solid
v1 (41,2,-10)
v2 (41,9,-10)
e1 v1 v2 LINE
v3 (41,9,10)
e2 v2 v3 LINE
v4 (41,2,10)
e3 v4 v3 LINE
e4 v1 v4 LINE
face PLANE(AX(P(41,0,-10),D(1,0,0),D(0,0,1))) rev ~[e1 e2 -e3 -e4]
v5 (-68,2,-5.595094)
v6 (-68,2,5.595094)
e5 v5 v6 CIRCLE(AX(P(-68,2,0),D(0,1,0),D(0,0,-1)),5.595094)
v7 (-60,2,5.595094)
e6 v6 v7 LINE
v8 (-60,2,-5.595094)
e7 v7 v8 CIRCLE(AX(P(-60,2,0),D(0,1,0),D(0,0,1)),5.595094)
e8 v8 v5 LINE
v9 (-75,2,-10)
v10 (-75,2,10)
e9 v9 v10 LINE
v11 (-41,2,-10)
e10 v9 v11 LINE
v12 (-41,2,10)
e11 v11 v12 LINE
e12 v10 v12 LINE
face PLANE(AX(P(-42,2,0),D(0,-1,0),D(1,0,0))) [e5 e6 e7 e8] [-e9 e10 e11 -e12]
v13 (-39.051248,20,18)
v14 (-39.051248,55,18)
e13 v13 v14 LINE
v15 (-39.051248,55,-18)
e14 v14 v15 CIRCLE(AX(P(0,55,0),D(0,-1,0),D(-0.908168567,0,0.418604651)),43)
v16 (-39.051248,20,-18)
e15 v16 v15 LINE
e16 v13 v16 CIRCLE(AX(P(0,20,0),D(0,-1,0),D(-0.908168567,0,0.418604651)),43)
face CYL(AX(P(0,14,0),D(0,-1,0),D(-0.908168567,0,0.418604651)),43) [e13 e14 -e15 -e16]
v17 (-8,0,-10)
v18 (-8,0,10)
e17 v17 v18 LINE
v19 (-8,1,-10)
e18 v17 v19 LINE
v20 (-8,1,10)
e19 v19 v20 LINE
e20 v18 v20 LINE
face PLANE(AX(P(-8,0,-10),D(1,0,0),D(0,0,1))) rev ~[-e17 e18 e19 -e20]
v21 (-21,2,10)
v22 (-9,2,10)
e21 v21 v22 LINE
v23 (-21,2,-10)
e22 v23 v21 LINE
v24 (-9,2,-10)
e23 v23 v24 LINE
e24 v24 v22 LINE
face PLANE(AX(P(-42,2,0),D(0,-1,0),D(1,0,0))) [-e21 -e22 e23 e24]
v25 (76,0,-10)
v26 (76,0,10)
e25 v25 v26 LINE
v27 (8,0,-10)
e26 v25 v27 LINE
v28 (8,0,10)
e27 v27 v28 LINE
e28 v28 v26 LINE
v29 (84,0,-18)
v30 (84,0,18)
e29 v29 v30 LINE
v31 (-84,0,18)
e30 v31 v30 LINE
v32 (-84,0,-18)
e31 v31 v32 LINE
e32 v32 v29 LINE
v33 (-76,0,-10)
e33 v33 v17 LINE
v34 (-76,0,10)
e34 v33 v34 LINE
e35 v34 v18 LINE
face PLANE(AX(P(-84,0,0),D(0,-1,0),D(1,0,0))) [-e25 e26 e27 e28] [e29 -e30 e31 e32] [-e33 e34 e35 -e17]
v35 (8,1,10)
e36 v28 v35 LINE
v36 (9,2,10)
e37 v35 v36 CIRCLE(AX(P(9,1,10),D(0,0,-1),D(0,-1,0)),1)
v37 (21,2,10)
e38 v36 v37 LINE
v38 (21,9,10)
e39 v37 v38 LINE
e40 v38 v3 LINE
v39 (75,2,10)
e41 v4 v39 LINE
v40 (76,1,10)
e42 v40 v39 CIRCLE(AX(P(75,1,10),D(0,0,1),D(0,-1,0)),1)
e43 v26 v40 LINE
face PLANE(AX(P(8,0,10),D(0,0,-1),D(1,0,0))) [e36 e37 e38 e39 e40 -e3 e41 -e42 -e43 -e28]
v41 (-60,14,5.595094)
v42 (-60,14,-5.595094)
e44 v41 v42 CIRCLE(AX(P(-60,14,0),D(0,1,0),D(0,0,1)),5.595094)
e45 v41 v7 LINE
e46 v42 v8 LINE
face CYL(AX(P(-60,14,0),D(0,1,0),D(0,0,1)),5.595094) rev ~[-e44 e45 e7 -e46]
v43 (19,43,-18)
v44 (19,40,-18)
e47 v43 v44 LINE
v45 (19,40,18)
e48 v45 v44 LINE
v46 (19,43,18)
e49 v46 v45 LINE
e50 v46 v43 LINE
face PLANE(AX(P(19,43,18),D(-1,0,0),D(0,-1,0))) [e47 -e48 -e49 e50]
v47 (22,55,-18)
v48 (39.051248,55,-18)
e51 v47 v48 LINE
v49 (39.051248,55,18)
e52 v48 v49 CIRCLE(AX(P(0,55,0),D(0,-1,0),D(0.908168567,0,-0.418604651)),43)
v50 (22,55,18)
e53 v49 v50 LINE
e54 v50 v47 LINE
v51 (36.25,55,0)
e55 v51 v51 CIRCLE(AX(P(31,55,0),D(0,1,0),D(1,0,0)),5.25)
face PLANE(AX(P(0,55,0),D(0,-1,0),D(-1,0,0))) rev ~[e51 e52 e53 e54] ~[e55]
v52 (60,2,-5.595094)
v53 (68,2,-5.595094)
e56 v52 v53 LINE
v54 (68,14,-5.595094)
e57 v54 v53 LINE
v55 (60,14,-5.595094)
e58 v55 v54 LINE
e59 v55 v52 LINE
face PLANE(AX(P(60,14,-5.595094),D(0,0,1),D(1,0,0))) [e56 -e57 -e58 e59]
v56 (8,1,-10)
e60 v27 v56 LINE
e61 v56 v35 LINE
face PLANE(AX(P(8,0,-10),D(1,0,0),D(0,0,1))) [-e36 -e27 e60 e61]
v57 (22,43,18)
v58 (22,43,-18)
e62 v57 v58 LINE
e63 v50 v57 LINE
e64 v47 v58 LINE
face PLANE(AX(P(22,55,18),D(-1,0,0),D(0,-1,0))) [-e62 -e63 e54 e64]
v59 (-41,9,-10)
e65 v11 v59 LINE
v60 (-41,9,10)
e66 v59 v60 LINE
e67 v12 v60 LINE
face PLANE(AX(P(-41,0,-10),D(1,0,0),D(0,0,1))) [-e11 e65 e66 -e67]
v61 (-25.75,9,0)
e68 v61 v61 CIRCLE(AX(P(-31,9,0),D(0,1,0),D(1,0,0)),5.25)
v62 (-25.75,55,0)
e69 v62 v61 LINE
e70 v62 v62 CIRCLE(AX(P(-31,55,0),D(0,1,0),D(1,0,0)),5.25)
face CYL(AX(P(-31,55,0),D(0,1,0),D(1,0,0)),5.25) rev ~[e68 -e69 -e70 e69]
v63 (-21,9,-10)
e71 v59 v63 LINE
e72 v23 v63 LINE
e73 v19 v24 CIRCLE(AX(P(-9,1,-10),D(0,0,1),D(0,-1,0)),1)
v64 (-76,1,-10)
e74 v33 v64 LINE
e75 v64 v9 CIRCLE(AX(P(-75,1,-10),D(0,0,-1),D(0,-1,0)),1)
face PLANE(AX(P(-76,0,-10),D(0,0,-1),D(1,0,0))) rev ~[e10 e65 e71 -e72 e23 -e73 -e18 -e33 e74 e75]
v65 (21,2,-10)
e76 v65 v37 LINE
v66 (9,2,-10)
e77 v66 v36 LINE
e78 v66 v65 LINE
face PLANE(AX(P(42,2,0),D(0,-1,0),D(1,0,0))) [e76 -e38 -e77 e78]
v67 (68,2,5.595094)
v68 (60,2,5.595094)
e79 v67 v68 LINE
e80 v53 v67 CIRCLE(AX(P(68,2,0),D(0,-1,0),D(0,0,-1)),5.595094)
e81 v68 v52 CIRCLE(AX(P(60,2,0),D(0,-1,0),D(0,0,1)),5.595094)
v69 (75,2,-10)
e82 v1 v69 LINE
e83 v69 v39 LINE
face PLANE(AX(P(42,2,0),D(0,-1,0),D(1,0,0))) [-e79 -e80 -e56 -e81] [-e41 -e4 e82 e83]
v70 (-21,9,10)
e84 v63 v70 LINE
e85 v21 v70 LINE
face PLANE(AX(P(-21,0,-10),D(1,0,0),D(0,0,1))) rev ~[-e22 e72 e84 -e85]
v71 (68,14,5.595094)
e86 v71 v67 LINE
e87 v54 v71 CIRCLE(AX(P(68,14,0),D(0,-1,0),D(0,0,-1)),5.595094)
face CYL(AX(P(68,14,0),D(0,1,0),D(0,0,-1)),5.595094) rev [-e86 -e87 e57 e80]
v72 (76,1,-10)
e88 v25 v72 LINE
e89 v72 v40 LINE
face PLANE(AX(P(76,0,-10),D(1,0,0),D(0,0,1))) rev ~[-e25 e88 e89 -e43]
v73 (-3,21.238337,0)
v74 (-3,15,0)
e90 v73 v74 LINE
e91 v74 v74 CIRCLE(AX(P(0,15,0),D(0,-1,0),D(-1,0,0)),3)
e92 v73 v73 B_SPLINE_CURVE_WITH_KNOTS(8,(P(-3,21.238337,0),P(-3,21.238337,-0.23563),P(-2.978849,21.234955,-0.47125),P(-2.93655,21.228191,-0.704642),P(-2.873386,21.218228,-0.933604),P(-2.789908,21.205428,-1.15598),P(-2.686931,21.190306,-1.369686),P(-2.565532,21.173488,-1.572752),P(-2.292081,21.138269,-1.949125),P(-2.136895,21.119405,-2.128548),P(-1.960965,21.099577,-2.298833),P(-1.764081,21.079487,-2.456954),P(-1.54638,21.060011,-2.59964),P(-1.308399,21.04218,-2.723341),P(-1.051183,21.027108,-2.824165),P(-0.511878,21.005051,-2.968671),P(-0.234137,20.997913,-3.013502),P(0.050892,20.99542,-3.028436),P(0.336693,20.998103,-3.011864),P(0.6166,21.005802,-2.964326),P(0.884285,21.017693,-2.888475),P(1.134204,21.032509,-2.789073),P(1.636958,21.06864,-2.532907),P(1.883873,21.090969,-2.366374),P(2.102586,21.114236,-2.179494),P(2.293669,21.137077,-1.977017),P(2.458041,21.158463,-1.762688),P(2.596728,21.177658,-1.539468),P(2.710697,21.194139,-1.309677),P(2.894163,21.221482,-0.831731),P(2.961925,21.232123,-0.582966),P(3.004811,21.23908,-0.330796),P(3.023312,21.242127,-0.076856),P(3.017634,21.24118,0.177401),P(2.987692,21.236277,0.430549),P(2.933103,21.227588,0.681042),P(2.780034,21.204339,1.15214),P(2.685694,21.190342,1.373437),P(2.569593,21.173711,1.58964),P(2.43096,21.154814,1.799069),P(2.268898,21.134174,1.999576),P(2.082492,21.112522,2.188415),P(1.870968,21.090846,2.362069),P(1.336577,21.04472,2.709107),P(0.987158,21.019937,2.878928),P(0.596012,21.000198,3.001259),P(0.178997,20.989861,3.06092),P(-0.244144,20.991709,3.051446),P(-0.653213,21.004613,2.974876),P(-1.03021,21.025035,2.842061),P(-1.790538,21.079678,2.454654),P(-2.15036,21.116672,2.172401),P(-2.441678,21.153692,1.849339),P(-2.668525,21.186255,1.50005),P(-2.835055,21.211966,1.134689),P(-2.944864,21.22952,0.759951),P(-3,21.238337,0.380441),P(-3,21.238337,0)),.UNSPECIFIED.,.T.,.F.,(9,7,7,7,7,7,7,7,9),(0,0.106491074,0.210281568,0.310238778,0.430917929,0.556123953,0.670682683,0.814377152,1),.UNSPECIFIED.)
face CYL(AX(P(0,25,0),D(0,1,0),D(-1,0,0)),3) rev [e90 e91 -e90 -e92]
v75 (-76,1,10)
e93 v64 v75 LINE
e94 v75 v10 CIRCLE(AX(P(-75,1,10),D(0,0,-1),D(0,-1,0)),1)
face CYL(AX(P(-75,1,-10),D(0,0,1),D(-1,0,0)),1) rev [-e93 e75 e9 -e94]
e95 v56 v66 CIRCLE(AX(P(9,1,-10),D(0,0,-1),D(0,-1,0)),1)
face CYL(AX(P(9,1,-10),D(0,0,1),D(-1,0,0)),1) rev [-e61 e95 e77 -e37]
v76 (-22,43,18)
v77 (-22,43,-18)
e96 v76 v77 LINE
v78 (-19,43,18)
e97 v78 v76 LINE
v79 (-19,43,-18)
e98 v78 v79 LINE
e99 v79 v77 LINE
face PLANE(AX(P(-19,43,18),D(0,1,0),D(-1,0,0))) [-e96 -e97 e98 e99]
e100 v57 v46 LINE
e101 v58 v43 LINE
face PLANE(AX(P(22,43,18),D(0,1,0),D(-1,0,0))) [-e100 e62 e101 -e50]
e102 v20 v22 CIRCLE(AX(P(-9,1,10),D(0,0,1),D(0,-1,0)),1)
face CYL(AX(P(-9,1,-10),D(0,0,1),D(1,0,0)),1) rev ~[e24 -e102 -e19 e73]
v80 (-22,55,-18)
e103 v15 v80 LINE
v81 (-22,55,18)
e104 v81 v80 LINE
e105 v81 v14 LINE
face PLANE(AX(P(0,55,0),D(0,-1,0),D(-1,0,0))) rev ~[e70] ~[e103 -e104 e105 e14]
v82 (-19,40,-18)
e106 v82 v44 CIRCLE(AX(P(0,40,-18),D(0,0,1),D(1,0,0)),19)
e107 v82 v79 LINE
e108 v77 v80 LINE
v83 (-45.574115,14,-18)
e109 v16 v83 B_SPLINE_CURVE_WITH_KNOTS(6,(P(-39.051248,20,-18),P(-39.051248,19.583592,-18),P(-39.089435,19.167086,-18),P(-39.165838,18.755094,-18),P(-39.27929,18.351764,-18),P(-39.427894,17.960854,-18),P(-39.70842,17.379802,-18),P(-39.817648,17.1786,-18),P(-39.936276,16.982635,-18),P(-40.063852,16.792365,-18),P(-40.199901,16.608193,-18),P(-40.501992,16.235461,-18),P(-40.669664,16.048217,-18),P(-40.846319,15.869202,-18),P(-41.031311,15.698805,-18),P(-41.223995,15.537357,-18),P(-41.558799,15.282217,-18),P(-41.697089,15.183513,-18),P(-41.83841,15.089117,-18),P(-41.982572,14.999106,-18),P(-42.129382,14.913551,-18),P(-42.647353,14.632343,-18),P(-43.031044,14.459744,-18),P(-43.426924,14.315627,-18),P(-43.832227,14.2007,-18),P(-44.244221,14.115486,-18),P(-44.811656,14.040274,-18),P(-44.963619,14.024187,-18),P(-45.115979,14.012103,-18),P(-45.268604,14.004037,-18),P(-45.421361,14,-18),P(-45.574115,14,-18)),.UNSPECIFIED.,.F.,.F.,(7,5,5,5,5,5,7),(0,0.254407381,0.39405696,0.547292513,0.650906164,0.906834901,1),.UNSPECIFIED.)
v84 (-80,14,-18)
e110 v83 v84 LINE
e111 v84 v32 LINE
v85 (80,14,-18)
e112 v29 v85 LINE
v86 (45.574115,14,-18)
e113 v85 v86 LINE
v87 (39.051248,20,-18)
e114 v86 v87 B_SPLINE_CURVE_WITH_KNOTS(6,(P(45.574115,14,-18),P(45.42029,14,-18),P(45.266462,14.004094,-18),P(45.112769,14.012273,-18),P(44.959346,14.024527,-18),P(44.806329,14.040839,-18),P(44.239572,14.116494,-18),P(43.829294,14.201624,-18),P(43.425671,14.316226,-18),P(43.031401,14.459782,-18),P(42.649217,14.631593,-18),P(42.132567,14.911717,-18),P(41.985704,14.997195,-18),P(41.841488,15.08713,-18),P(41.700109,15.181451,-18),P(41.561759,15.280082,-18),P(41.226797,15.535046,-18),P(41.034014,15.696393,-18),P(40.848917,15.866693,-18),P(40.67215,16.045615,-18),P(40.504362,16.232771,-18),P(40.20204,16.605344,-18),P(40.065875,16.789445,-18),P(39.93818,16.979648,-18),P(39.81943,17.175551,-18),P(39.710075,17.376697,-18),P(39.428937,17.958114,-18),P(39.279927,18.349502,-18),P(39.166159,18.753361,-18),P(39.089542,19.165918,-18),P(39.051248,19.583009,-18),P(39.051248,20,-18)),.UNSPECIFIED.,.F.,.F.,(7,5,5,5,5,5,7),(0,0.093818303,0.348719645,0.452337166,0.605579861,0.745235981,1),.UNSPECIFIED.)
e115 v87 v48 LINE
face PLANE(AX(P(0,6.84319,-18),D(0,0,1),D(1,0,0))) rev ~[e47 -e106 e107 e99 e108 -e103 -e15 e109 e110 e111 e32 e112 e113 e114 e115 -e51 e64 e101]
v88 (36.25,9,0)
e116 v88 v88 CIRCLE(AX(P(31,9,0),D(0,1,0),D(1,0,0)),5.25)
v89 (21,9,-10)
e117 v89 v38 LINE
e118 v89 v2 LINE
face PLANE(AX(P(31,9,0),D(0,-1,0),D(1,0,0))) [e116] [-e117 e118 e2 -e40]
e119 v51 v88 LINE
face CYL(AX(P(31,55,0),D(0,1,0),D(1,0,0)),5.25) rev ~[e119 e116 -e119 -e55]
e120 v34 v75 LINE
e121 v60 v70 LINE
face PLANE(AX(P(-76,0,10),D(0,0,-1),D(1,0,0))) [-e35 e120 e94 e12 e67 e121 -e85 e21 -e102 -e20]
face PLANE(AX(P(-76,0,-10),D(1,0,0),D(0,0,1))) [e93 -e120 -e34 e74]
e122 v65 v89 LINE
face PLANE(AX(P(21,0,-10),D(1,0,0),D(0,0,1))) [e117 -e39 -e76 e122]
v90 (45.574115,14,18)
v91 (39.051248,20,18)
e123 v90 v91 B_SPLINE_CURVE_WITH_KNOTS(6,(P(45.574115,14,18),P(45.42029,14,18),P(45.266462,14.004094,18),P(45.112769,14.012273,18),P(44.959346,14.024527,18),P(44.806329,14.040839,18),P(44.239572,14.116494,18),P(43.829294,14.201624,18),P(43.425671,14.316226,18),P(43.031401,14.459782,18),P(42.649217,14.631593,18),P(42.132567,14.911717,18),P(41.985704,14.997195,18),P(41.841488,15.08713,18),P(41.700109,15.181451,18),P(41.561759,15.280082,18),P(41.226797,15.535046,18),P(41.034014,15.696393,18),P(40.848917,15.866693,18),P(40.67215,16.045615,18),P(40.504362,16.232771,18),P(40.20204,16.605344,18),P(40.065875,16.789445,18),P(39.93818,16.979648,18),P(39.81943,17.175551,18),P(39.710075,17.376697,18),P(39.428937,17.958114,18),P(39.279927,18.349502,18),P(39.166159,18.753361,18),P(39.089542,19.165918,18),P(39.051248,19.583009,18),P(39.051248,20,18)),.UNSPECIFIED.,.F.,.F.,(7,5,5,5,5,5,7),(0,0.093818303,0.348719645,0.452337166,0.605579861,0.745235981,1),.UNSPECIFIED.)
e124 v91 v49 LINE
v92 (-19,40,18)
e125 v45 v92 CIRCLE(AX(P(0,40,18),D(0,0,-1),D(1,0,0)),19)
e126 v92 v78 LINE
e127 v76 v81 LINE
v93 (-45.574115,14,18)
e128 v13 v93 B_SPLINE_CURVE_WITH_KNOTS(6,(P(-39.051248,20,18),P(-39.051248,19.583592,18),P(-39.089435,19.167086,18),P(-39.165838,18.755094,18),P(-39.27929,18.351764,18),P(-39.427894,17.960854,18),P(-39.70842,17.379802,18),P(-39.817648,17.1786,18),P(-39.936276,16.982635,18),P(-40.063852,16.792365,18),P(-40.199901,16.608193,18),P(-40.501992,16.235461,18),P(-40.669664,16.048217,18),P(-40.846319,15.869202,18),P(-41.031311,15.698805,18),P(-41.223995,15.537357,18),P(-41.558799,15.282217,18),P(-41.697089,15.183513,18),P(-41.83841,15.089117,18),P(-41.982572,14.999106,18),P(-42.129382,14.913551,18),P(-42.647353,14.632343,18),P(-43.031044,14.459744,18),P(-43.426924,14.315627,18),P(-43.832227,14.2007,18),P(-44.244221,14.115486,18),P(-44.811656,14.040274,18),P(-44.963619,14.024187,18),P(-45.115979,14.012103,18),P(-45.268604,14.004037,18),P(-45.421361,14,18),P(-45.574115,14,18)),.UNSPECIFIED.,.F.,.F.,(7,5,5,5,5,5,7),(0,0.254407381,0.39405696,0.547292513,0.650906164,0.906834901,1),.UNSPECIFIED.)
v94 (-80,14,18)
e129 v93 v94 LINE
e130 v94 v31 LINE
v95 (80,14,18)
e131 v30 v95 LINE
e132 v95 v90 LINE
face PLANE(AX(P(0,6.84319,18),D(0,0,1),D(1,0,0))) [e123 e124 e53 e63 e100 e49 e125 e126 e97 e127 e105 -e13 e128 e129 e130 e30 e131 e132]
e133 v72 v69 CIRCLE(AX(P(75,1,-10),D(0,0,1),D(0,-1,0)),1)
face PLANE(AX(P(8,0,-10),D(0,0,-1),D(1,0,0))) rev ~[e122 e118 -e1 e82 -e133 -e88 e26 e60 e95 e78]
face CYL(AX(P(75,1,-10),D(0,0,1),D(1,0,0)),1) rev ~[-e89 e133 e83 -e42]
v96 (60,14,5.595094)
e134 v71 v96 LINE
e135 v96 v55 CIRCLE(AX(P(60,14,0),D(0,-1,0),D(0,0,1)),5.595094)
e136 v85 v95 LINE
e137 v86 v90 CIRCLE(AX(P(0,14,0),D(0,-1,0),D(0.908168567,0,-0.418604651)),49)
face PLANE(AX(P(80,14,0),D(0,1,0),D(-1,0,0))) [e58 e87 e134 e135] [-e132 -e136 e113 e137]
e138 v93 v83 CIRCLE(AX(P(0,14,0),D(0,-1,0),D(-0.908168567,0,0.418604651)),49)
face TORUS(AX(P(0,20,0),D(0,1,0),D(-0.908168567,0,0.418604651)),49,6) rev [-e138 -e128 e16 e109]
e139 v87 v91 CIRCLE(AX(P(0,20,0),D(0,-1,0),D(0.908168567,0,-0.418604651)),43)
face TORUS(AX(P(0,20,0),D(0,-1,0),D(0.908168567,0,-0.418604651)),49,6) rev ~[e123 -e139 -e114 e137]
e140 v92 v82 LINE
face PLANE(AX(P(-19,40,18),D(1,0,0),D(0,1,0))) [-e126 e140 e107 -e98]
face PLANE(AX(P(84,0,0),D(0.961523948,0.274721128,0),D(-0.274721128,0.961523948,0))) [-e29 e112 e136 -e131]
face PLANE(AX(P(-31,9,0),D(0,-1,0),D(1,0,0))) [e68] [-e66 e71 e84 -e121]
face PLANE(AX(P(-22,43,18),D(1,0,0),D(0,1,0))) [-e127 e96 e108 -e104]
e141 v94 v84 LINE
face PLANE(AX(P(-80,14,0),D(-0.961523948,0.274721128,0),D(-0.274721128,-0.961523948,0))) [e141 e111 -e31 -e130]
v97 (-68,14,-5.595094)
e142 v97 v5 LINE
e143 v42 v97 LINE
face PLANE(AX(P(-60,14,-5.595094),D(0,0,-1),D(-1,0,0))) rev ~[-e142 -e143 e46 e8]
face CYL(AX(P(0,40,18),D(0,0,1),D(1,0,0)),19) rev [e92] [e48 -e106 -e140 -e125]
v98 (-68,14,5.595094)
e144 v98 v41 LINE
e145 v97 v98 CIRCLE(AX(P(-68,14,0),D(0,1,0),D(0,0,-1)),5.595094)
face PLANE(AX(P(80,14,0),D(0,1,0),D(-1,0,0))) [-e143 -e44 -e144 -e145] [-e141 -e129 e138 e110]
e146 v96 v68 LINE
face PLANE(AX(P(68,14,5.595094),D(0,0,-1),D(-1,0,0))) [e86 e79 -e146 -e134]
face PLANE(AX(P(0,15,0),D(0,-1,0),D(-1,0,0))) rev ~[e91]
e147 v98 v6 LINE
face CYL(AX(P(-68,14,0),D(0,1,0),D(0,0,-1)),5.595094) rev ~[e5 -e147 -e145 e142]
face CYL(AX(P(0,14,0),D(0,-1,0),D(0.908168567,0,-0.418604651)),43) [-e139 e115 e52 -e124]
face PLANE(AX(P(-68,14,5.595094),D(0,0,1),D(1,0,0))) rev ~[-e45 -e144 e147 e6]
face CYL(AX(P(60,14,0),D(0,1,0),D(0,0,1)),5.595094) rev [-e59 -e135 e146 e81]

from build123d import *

# Parameters (mm, degrees)
BOSS_EXTRUDE1_DEPTH = 18
BOSS_EXTRUDE2_DEPTH = 41
CUT_EXTRUDE1_DEPTH  = 12
FILLET1_R           = 6
CUT_EXTRUDE2_DEPTH  = 37.0000001
SKETCH7_R           = 5.25
CUT_EXTRUDE3_DEPTH  = 46
SKETCH10_W          = 68
SKETCH10_H          = 20
CUT_EXTRUDE4_DEPTH  = 2
FILLET2_R           = 1
SKETCH11_W          = 20
SKETCH11_H          = 20
CUT_EXTRUDE5_DEPTH  = 9
SKETCH15_R          = 3
CUT_EXTRUDE6_DEPTH  = 10


with BuildPart() as part:
    # Sketch2 → Boss-Extrude1 (new body, symmetric)
    with BuildSketch(Plane.XY):
        Polygon((-84, 0), (84, 0), (80, 14), (-80, 14), align=None)
    extrude(amount=BOSS_EXTRUDE1_DEPTH, both=True)

    # Sketch3 → Boss-Extrude2 (add)
    with BuildSketch(Plane(origin=(0, 14, 0), x_dir=(1, 0, 0), z_dir=(0, 1, 0))):
        with BuildLine():
            Line((-39.05124838, 18), (39.05124838, 18))
            ThreePointArc((39.05124838, 18), (43, 0), (39.05124838, -18))
            Line((39.05124838, -18), (-39.05124838, -18))
            ThreePointArc((-39.05124838, -18), (-43, 0), (-39.05124838, 18))
        make_face()
    extrude(amount=BOSS_EXTRUDE2_DEPTH)

    # Sketch4 → Cut-Extrude1 (cut)
    with BuildSketch(Plane(origin=(0, 14, 0), x_dir=(1, 0, 0), z_dir=(0, 1, 0))):
        with BuildLine():
            Line((60, 5.595094271), (68, 5.595094271))
            ThreePointArc((68, 5.595094271), (73.595094271, 0), (68, -5.595094271))
            Line((68, -5.595094271), (60, -5.595094271))
            ThreePointArc((60, -5.595094271), (54.404905729, 0), (60, 5.595094271))
        make_face()
        with BuildLine():
            Line((-60, 5.595094271), (-68, 5.595094271))
            ThreePointArc((-68, 5.595094271), (-73.595094271, 0), (-68, -5.595094271))
            Line((-68, -5.595094271), (-60, -5.595094271))
            ThreePointArc((-60, -5.595094271), (-54.404905729, 0), (-60, 5.595094271))
        make_face()
    extrude(amount=-CUT_EXTRUDE1_DEPTH, mode=Mode.SUBTRACT)

    # Fillet1
    fillet1_edges = [part.edges().sort_by_distance(p)[0] for p in [
        (43, 14, 0),
        (-43, 14, 0),
    ]]
    fillet(fillet1_edges, radius=FILLET1_R)

    # Sketch5 → Cut-Extrude2 (cut, through all)
    with BuildSketch(Plane.XY.offset(18)):
        with BuildLine():
            Line((22, 55), (22, 43))
            Line((22, 43), (19, 43))
            Line((19, 43), (19, 40))
            ThreePointArc((19, 40), (0, 21), (-19, 40))
            Line((-19, 40), (-19, 43))
            Line((-19, 43), (-22, 43))
            Line((-22, 43), (-22, 55))
            Line((-22, 55), (22, 55))
        make_face()
    extrude(amount=-CUT_EXTRUDE2_DEPTH, mode=Mode.SUBTRACT)

    # Sketch7 → Cut-Extrude3 (cut)
    with BuildSketch(Plane(origin=(0, 55, 0), x_dir=(1, 0, 0), z_dir=(0, 1, 0))):
        with Locations((31, 0)):
            Circle(SKETCH7_R)
        with Locations((-31, 0)):
            Circle(SKETCH7_R)
    extrude(amount=-CUT_EXTRUDE3_DEPTH, mode=Mode.SUBTRACT)

    # Sketch10 → Cut-Extrude4 (cut)
    with BuildSketch(Plane.XZ):
        with Locations((42, 0)):
            Rectangle(SKETCH10_W, SKETCH10_H)
        with Locations((-42, 0)):
            Rectangle(SKETCH10_W, SKETCH10_H)
    extrude(amount=-CUT_EXTRUDE4_DEPTH, mode=Mode.SUBTRACT)

    # Fillet2
    fillet2_edges = [part.edges().sort_by_distance(p)[0] for p in [
        (76, 2, 0),
        (8, 2, 0),
        (-8, 2, 0),
        (-76, 2, 0),
    ]]
    fillet(fillet2_edges, radius=FILLET2_R)

    # Sketch11 → Cut-Extrude5 (cut)
    with BuildSketch(Plane.XZ):
        with Locations((31, 0)):
            Rectangle(SKETCH11_W, SKETCH11_H)
        with Locations((-31, 0)):
            Rectangle(SKETCH11_W, SKETCH11_H)
    extrude(amount=-CUT_EXTRUDE5_DEPTH, mode=Mode.SUBTRACT)

    # Sketch15 → Cut-Extrude6 (cut)
    with BuildSketch(Plane(origin=(0, 25, 0), x_dir=(-1, 0, 0), z_dir=(0, -1, 0))):
        Circle(SKETCH15_R)
    extrude(amount=CUT_EXTRUDE6_DEPTH, mode=Mode.SUBTRACT)


solid = part.part
